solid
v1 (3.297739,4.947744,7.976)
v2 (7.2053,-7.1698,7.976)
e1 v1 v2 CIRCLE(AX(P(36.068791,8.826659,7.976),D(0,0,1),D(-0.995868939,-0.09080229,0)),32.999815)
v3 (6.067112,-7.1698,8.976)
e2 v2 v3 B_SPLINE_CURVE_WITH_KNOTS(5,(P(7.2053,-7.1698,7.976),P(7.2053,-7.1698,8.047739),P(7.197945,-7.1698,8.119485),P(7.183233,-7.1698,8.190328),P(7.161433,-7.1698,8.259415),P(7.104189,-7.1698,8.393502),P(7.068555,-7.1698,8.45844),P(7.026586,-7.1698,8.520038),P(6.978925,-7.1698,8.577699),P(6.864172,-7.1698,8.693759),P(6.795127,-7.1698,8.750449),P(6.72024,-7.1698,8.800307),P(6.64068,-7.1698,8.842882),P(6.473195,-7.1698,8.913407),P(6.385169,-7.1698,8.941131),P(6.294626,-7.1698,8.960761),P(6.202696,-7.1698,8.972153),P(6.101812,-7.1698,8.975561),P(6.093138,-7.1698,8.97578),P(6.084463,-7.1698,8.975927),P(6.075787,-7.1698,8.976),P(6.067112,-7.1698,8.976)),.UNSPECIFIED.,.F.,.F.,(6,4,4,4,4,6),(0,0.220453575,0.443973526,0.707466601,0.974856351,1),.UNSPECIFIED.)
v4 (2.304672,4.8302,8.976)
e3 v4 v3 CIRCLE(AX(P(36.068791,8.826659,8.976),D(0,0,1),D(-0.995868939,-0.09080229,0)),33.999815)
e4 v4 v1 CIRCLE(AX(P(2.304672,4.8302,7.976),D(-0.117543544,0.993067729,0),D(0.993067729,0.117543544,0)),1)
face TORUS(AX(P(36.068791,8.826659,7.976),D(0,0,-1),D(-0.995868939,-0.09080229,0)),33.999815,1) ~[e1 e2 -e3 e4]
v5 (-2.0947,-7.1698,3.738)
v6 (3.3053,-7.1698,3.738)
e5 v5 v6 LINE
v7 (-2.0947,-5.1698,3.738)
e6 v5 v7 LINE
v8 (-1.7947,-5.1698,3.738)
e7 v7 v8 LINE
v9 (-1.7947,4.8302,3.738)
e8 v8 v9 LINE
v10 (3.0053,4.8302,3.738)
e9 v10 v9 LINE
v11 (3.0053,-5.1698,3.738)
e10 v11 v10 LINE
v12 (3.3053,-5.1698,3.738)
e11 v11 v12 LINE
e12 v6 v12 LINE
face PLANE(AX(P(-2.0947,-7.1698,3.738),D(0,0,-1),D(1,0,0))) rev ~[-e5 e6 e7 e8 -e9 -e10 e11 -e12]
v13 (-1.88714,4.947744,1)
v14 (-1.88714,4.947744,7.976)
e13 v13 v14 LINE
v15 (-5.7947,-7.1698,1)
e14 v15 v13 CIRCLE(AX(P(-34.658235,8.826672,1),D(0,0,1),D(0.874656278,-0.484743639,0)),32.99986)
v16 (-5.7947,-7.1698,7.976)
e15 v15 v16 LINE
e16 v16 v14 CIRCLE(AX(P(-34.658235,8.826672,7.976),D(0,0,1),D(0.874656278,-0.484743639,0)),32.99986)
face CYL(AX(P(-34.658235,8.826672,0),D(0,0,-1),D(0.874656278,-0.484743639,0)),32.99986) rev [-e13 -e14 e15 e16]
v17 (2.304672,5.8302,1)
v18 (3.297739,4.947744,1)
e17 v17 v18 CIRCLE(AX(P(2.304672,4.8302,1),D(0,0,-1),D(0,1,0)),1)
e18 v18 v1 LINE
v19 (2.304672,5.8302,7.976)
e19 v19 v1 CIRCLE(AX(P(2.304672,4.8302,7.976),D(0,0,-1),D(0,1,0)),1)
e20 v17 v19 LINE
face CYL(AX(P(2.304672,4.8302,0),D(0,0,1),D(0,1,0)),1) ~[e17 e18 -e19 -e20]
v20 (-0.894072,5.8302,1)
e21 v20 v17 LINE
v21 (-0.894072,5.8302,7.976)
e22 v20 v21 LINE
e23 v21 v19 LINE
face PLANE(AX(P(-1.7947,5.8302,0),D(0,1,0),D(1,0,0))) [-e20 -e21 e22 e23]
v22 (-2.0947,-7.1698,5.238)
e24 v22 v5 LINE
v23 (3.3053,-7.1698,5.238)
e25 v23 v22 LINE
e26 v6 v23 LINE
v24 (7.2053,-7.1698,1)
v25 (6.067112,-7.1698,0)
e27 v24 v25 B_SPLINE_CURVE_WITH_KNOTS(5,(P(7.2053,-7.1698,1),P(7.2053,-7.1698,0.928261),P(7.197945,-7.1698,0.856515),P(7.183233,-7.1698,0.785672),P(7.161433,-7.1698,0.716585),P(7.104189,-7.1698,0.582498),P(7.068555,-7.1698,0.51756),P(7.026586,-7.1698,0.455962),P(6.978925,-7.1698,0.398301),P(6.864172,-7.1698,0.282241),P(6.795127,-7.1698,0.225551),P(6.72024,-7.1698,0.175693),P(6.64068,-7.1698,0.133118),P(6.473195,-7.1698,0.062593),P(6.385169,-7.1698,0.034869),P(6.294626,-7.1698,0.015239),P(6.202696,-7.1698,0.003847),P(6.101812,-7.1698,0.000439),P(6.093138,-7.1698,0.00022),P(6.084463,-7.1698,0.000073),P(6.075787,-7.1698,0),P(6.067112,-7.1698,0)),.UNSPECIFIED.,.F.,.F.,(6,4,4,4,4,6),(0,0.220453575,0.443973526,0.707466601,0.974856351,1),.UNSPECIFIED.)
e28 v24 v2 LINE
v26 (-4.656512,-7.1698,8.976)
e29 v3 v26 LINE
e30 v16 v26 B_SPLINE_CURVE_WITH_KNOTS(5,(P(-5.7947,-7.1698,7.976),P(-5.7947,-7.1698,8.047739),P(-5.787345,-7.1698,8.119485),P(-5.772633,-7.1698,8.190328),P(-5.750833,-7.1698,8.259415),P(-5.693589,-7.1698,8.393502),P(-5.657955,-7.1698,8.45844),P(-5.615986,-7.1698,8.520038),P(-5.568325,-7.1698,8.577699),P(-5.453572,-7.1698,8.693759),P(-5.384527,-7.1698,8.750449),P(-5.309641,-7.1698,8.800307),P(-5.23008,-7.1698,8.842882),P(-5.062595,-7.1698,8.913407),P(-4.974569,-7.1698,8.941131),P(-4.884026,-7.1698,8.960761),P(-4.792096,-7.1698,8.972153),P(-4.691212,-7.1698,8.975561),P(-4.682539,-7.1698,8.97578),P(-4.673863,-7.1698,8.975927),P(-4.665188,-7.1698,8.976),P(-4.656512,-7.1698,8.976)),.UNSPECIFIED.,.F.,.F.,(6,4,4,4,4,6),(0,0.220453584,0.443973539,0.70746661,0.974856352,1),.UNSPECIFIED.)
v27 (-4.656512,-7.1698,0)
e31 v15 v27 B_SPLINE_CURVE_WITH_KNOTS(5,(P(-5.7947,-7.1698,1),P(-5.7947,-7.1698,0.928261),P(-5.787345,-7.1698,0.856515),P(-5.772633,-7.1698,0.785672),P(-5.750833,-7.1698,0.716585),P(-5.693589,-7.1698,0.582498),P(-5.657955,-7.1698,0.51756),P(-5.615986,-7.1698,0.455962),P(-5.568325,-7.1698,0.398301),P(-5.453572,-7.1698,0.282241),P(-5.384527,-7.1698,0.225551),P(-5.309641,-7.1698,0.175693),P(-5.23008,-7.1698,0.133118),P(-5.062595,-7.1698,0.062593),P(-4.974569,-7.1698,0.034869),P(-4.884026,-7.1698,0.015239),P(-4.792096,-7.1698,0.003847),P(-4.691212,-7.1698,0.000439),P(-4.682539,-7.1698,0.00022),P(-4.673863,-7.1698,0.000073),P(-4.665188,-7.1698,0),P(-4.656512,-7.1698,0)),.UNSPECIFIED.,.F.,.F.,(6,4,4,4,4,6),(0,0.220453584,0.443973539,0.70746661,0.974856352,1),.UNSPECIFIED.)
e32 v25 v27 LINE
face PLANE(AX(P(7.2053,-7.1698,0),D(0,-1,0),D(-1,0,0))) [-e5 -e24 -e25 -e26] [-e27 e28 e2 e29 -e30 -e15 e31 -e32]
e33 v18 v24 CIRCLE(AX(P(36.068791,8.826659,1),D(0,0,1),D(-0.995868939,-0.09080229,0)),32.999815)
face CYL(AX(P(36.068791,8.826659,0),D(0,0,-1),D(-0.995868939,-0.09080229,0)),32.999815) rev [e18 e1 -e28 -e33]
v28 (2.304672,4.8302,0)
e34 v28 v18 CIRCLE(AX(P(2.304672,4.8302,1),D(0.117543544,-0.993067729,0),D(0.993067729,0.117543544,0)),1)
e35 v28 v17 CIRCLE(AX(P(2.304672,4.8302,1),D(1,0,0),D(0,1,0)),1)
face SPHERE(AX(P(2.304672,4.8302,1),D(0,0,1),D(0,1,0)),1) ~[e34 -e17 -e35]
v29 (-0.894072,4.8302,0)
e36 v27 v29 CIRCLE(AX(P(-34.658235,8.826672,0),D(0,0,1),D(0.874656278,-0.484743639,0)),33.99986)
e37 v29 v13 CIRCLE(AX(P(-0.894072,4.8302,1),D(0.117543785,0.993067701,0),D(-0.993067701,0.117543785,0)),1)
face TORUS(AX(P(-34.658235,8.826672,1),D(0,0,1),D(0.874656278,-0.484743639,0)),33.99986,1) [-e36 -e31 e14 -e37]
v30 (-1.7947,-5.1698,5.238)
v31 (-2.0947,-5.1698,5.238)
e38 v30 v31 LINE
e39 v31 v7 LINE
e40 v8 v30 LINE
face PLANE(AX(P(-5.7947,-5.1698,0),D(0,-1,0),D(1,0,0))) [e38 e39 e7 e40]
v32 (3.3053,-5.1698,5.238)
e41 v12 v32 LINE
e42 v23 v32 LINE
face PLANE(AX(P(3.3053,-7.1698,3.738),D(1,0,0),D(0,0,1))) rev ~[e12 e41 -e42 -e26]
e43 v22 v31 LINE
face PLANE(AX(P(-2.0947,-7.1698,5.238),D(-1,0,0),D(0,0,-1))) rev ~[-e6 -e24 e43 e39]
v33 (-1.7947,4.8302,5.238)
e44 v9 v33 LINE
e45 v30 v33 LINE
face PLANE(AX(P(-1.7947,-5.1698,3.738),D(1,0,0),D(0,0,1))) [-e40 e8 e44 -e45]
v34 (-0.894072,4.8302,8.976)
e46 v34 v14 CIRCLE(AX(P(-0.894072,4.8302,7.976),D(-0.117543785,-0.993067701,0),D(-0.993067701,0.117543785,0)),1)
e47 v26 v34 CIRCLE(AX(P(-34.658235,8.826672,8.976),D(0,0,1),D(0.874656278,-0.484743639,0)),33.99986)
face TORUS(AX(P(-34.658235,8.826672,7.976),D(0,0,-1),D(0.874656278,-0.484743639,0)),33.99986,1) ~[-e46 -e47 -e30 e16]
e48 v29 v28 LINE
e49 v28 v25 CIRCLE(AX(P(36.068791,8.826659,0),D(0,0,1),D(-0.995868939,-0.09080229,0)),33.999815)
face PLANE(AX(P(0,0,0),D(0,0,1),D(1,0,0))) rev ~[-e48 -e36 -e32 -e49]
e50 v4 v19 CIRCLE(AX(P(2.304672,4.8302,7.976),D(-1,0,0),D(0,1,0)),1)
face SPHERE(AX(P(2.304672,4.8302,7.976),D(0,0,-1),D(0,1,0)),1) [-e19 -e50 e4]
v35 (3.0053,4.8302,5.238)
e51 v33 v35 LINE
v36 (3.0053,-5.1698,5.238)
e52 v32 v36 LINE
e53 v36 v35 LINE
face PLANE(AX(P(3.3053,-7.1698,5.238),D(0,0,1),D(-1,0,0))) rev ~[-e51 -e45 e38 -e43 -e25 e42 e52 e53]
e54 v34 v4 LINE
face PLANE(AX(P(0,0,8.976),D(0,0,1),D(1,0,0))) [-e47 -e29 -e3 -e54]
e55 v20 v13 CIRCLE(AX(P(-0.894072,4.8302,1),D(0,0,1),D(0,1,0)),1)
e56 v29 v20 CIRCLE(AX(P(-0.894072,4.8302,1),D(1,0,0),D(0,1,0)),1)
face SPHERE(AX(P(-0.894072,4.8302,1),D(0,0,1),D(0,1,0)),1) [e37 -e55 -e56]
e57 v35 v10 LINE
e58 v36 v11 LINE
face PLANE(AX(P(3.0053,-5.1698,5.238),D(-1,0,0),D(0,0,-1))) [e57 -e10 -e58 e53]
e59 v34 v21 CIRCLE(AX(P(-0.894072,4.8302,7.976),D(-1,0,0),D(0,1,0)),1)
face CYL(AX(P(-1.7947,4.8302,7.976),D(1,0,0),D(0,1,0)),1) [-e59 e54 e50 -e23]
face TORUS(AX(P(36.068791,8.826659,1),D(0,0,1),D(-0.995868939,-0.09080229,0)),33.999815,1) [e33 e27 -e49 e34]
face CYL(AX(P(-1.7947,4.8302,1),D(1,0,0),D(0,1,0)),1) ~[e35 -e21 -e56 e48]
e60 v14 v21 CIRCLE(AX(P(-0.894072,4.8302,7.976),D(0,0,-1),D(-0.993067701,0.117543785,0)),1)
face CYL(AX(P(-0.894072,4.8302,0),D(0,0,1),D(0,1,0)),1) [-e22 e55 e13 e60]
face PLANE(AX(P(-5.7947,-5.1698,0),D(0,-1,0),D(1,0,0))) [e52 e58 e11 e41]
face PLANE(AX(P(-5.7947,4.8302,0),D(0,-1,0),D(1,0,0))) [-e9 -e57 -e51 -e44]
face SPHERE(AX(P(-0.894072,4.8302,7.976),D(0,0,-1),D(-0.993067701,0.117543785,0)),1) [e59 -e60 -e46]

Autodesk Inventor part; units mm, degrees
ref_plane "YZ Plane" through (0, 0, 0) normal (1, 0, 0) x (0, 1, 0)
ref_plane "XZ Plane" through (0, 0, 0) normal (0, 1, 0) x (-1, 0, 0)
ref_plane "XY Plane" through (0, 0, 0) normal (0, 0, 1) x (1, 0, 0)
sketch "Sketch1" plane through (0, 0, 0) normal (0, 0, 1) x (1, 0, 0)
  line L0 (-5.7947, 5.8302) -> (7.2053, 5.8302)
  line L1 (7.2053, 5.8302) -> (7.2053, -7.1698)
  line L2 (7.2053, -7.1698) -> (-5.7947, -7.1698)
  line L3 (-5.7947, -7.1698) -> (-5.7947, 5.8302)
  arc A0 (-5.7947, -7.1698) -> (-1.7947, 5.8302) centre (-34.6583, 8.8267) ccw
  arc A1 (3.2053, 5.8302) -> (7.2053, -7.1698) centre (36.069, 8.8267) ccw
  point P0 (0, 0)
  dimension "d0" = 13
  dimension "d1" = 13
  dimension "d2" = 4
  dimension "d3" = 4
  dimension "d4" = 33
  dimension "d5" = 33
extrude "Extrusion1" add sketch "Sketch1" along normal blind 8.976 contours L0 A1 L2 A0
sketch "Sketch2" plane through (-5.7947, -7.1698, 0) normal (0, -1, 0) x (1, 0, 0)
  line L0 (9.1, 5.238) -> (3.7, 5.238)
  line L1 (3.7, 5.238) -> (3.7, 3.738)
  line L2 (3.7, 3.738) -> (9.1, 3.738)
  line L3 (9.1, 3.738) -> (9.1, 5.238)
  line L4 (0, 8.976) -> (13, 8.976) projected
  line L5 (13, 0) -> (13, 8.976) projected
  point P0 (5.7947, 0)
  dimension "d8" = 1.5
  dimension "d9" = 5.4
  dimension "d10" = 3.738
  dimension "d11" = 3.9
extrude "Extrusion2" cut sketch "Sketch2" against normal blind 2
sketch "Sketch3" plane through (-5.7947, -5.1698, 0) normal (0, -1, 0) x (1, 0, 0)
  line L0 (9.1, 3.738) -> (3.7, 3.738) projected
  line L1 (4, 5.238) -> (8.8, 5.238)
  line L2 (8.8, 5.238) -> (8.8, 3.738)
  line L3 (8.8, 3.738) -> (4, 3.738)
  line L4 (4, 3.738) -> (4, 5.238)
  line L5 (3.7, 5.238) -> (9.1, 5.238) projected
  line L6 (3.7, 3.738) -> (3.7, 5.238) projected
  line L7 (9.1, 5.238) -> (9.1, 3.738) projected
  point P0 (5.7947, 0)
  dimension "d14" = 0
  dimension "d15" = 0.3
  dimension "d16" = 0.3
extrude "Extrusion3" cut sketch "Sketch3" against normal blind 10 contours L0 L4 L1 L2
fillet "Fillet1" radius 1 8 edges at (3.2053, 5.8302, 4.488) (-3.1176, -0.8781, 8.976) (0.7053, 5.8302, 8.976) (-1.7947, 5.8302, 4.488) (0.7053, 5.8302, 0) (4.5283, -0.8781, 0) (-3.1176, -0.8781, 0) (4.5283, -0.8781, 8.976)
properties part number "SingleSliderCap"
